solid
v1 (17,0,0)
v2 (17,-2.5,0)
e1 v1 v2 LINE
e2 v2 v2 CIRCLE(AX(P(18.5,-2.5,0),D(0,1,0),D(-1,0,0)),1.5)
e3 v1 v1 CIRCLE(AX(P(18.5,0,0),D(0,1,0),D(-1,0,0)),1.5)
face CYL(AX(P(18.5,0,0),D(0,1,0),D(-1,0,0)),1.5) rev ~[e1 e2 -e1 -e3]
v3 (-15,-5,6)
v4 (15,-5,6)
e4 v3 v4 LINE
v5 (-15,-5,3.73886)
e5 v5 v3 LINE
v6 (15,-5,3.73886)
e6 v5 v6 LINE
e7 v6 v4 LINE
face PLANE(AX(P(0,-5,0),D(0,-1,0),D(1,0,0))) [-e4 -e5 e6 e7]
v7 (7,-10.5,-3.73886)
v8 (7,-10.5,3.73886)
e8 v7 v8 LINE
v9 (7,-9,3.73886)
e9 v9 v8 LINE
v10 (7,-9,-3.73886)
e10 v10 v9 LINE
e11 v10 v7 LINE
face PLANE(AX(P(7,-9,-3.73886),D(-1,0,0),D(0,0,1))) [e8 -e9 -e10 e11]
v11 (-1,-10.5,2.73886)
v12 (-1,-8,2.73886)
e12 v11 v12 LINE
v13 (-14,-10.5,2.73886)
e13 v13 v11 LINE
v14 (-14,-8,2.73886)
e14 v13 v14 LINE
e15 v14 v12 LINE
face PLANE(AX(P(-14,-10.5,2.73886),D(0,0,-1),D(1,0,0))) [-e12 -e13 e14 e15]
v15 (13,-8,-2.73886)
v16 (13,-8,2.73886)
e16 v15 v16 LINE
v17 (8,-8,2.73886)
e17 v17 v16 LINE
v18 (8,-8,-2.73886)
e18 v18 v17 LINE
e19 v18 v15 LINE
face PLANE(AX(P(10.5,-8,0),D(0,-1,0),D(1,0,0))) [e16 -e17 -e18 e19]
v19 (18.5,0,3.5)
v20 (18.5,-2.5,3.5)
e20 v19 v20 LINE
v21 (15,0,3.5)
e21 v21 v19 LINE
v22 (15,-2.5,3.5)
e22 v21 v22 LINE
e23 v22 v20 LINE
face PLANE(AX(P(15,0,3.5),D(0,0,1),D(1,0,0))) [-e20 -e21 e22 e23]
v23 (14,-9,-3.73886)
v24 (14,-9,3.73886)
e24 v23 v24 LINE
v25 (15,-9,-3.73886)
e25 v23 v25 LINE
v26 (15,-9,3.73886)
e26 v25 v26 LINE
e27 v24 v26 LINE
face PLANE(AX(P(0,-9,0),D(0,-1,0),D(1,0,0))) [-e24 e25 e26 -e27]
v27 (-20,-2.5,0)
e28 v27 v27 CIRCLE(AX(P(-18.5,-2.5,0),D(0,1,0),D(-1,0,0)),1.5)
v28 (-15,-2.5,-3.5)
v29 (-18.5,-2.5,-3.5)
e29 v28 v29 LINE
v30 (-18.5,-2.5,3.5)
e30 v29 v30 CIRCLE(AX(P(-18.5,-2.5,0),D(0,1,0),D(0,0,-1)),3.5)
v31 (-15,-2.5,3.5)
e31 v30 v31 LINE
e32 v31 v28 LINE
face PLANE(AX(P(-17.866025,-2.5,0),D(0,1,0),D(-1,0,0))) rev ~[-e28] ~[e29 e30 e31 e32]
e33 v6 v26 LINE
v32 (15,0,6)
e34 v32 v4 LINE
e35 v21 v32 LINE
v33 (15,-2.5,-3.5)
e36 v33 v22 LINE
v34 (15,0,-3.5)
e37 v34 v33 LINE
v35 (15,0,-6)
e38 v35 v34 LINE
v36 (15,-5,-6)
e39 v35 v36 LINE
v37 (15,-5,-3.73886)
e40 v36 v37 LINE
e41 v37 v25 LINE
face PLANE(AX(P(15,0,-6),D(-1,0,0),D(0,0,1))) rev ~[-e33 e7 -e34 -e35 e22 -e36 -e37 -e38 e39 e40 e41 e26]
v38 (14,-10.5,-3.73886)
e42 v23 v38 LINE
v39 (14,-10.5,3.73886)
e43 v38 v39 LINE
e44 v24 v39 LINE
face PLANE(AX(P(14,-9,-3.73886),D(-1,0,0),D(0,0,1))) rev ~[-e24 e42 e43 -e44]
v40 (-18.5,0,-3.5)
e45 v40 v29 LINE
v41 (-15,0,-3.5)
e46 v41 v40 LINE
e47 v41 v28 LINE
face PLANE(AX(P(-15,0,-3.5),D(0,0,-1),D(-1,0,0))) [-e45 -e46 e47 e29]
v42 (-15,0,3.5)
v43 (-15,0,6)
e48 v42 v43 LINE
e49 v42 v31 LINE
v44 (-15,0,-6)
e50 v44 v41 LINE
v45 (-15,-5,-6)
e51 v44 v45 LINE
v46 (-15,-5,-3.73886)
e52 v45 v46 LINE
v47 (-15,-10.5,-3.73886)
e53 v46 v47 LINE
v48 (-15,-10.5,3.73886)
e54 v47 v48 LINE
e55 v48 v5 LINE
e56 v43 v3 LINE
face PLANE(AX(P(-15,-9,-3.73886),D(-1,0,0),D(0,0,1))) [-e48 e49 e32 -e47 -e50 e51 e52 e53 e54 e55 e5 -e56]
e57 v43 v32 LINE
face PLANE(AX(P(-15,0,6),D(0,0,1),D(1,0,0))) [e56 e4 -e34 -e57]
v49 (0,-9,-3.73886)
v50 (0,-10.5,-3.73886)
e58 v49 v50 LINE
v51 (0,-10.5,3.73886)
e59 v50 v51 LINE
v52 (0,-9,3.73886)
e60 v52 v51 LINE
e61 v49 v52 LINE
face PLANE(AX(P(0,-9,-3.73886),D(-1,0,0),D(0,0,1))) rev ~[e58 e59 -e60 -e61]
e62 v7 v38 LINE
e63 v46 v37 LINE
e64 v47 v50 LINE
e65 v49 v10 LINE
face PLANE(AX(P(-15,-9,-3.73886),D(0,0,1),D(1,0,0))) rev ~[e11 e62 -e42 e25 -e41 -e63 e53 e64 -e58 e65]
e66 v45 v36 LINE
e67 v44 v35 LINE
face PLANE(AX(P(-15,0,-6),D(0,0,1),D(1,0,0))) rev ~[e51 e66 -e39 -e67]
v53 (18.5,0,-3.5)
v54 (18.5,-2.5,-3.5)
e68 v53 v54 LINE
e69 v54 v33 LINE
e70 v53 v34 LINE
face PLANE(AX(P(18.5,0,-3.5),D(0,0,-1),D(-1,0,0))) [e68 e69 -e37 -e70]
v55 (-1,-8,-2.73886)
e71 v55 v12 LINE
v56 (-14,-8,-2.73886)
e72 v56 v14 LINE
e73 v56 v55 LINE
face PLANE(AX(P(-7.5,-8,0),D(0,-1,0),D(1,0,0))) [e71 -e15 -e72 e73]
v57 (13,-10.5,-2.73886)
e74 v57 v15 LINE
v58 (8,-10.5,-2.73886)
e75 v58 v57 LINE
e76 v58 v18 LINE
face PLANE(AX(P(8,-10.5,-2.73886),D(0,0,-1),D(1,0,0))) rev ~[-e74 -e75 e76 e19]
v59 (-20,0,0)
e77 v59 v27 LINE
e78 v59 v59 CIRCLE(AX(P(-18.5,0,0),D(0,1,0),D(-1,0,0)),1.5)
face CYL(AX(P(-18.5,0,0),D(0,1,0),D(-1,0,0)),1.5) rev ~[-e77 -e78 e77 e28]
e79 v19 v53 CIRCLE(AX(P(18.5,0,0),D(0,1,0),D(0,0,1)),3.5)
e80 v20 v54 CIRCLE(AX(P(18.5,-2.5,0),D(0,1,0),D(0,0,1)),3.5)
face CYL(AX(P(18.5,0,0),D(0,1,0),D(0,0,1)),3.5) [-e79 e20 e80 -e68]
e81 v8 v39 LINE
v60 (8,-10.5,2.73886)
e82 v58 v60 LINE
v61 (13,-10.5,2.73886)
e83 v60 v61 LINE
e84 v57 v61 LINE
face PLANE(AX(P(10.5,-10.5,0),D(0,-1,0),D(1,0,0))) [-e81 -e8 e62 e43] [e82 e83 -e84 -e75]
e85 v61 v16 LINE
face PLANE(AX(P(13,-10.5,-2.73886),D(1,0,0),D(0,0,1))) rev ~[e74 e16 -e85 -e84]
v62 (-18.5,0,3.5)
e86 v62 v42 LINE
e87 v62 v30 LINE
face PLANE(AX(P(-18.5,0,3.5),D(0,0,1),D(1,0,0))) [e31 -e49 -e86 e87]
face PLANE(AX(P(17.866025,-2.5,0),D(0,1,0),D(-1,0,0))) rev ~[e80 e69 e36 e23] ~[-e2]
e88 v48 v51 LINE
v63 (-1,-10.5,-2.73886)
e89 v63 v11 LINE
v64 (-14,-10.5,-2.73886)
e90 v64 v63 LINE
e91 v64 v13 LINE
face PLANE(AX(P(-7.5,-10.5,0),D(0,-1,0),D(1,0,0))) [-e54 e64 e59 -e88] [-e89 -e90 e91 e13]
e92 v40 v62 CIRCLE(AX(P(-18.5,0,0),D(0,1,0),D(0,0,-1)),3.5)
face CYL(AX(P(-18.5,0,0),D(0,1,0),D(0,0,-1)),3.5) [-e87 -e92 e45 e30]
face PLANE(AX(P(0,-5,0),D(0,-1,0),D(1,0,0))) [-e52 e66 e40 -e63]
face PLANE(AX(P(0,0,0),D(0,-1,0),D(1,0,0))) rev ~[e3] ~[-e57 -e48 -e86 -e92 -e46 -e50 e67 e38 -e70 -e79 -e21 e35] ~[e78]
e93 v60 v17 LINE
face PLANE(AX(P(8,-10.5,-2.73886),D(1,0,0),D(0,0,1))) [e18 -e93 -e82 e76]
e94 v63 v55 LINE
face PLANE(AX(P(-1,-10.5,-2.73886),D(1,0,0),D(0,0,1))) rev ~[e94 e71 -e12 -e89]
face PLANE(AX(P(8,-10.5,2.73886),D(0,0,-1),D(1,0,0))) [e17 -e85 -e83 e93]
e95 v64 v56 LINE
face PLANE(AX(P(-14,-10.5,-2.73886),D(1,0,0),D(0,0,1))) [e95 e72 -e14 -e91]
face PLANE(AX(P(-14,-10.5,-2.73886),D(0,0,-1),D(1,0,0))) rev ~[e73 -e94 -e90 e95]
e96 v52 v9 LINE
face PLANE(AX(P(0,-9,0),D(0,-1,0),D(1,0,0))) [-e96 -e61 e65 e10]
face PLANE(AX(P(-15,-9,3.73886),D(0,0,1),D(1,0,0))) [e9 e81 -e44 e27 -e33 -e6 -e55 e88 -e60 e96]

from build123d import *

# Parameters (mm, degrees)
F0_W     = 30
F0_H     = 12
F1_DEPTH = 5
F2_W     = 30
F2_H     = 7.47772
F3_DEPTH = 4
F4_W     = 15
F4_H     = 7.47772
F4_W_2   = 7
F5_DEPTH = 1.5
F6_W     = 13
F6_H     = 5.47772
F6_W_2   = 5
F7_DEPTH = 2.5
F8_R     = 1.5
F9_DEPTH = 2.5


with BuildPart() as f1:
    # F0 (on Front) → F1 (new body)
    with BuildSketch(Plane.XZ):
        Rectangle(F0_W, F0_H)
    extrude(amount=F1_DEPTH)

    # F2 (on face) → F3 (join)
    with BuildSketch(Plane.XZ.offset(5)):
        Rectangle(F2_W, F2_H)
    extrude(amount=F3_DEPTH)

    # F4 (on face) → F5 (join)
    with BuildSketch(Plane.XZ.offset(9)):
        with Locations((-7.5, 0)):
            Rectangle(F4_W, F4_H)
        with Locations((10.5, 0)):
            Rectangle(F4_W_2, F4_H)
    extrude(amount=F5_DEPTH)

    # F6 (on face) → F7 (cut)
    with BuildSketch(Plane.XZ.offset(10.5)):
        with Locations((-7.5, 0)):
            Rectangle(F6_W, F6_H)
        with Locations((10.5, 0)):
            Rectangle(F6_W_2, F6_H)
    extrude(amount=-F7_DEPTH, mode=Mode.SUBTRACT)

    # F8 (on face) → F9 (join)
    with BuildSketch(Plane(origin=(0, 0, 0), x_dir=(-1, 0, 0), z_dir=(0, 1, 0))):
        with BuildLine():
            Line((-15, 3.5), (-18.5, 3.5))
            ThreePointArc((-18.5, 3.5), (-22, 0), (-18.5, -3.5))
            Line((-18.5, -3.5), (-15, -3.5))
            Line((-15, -3.5), (-15, 3.5))
        make_face()
        with Locations((-18.5, 0)):
            Circle(F8_R, mode=Mode.SUBTRACT)
        with BuildLine():
            Line((18.5, 3.5), (15, 3.5))
            Line((15, 3.5), (15, -3.5))
            Line((15, -3.5), (18.5, -3.5))
            ThreePointArc((18.5, -3.5), (22, 0), (18.5, 3.5))
        make_face()
        with Locations((18.5, 0)):
            Circle(F8_R, mode=Mode.SUBTRACT)
    extrude(amount=-F9_DEPTH)


solid = f1.part
